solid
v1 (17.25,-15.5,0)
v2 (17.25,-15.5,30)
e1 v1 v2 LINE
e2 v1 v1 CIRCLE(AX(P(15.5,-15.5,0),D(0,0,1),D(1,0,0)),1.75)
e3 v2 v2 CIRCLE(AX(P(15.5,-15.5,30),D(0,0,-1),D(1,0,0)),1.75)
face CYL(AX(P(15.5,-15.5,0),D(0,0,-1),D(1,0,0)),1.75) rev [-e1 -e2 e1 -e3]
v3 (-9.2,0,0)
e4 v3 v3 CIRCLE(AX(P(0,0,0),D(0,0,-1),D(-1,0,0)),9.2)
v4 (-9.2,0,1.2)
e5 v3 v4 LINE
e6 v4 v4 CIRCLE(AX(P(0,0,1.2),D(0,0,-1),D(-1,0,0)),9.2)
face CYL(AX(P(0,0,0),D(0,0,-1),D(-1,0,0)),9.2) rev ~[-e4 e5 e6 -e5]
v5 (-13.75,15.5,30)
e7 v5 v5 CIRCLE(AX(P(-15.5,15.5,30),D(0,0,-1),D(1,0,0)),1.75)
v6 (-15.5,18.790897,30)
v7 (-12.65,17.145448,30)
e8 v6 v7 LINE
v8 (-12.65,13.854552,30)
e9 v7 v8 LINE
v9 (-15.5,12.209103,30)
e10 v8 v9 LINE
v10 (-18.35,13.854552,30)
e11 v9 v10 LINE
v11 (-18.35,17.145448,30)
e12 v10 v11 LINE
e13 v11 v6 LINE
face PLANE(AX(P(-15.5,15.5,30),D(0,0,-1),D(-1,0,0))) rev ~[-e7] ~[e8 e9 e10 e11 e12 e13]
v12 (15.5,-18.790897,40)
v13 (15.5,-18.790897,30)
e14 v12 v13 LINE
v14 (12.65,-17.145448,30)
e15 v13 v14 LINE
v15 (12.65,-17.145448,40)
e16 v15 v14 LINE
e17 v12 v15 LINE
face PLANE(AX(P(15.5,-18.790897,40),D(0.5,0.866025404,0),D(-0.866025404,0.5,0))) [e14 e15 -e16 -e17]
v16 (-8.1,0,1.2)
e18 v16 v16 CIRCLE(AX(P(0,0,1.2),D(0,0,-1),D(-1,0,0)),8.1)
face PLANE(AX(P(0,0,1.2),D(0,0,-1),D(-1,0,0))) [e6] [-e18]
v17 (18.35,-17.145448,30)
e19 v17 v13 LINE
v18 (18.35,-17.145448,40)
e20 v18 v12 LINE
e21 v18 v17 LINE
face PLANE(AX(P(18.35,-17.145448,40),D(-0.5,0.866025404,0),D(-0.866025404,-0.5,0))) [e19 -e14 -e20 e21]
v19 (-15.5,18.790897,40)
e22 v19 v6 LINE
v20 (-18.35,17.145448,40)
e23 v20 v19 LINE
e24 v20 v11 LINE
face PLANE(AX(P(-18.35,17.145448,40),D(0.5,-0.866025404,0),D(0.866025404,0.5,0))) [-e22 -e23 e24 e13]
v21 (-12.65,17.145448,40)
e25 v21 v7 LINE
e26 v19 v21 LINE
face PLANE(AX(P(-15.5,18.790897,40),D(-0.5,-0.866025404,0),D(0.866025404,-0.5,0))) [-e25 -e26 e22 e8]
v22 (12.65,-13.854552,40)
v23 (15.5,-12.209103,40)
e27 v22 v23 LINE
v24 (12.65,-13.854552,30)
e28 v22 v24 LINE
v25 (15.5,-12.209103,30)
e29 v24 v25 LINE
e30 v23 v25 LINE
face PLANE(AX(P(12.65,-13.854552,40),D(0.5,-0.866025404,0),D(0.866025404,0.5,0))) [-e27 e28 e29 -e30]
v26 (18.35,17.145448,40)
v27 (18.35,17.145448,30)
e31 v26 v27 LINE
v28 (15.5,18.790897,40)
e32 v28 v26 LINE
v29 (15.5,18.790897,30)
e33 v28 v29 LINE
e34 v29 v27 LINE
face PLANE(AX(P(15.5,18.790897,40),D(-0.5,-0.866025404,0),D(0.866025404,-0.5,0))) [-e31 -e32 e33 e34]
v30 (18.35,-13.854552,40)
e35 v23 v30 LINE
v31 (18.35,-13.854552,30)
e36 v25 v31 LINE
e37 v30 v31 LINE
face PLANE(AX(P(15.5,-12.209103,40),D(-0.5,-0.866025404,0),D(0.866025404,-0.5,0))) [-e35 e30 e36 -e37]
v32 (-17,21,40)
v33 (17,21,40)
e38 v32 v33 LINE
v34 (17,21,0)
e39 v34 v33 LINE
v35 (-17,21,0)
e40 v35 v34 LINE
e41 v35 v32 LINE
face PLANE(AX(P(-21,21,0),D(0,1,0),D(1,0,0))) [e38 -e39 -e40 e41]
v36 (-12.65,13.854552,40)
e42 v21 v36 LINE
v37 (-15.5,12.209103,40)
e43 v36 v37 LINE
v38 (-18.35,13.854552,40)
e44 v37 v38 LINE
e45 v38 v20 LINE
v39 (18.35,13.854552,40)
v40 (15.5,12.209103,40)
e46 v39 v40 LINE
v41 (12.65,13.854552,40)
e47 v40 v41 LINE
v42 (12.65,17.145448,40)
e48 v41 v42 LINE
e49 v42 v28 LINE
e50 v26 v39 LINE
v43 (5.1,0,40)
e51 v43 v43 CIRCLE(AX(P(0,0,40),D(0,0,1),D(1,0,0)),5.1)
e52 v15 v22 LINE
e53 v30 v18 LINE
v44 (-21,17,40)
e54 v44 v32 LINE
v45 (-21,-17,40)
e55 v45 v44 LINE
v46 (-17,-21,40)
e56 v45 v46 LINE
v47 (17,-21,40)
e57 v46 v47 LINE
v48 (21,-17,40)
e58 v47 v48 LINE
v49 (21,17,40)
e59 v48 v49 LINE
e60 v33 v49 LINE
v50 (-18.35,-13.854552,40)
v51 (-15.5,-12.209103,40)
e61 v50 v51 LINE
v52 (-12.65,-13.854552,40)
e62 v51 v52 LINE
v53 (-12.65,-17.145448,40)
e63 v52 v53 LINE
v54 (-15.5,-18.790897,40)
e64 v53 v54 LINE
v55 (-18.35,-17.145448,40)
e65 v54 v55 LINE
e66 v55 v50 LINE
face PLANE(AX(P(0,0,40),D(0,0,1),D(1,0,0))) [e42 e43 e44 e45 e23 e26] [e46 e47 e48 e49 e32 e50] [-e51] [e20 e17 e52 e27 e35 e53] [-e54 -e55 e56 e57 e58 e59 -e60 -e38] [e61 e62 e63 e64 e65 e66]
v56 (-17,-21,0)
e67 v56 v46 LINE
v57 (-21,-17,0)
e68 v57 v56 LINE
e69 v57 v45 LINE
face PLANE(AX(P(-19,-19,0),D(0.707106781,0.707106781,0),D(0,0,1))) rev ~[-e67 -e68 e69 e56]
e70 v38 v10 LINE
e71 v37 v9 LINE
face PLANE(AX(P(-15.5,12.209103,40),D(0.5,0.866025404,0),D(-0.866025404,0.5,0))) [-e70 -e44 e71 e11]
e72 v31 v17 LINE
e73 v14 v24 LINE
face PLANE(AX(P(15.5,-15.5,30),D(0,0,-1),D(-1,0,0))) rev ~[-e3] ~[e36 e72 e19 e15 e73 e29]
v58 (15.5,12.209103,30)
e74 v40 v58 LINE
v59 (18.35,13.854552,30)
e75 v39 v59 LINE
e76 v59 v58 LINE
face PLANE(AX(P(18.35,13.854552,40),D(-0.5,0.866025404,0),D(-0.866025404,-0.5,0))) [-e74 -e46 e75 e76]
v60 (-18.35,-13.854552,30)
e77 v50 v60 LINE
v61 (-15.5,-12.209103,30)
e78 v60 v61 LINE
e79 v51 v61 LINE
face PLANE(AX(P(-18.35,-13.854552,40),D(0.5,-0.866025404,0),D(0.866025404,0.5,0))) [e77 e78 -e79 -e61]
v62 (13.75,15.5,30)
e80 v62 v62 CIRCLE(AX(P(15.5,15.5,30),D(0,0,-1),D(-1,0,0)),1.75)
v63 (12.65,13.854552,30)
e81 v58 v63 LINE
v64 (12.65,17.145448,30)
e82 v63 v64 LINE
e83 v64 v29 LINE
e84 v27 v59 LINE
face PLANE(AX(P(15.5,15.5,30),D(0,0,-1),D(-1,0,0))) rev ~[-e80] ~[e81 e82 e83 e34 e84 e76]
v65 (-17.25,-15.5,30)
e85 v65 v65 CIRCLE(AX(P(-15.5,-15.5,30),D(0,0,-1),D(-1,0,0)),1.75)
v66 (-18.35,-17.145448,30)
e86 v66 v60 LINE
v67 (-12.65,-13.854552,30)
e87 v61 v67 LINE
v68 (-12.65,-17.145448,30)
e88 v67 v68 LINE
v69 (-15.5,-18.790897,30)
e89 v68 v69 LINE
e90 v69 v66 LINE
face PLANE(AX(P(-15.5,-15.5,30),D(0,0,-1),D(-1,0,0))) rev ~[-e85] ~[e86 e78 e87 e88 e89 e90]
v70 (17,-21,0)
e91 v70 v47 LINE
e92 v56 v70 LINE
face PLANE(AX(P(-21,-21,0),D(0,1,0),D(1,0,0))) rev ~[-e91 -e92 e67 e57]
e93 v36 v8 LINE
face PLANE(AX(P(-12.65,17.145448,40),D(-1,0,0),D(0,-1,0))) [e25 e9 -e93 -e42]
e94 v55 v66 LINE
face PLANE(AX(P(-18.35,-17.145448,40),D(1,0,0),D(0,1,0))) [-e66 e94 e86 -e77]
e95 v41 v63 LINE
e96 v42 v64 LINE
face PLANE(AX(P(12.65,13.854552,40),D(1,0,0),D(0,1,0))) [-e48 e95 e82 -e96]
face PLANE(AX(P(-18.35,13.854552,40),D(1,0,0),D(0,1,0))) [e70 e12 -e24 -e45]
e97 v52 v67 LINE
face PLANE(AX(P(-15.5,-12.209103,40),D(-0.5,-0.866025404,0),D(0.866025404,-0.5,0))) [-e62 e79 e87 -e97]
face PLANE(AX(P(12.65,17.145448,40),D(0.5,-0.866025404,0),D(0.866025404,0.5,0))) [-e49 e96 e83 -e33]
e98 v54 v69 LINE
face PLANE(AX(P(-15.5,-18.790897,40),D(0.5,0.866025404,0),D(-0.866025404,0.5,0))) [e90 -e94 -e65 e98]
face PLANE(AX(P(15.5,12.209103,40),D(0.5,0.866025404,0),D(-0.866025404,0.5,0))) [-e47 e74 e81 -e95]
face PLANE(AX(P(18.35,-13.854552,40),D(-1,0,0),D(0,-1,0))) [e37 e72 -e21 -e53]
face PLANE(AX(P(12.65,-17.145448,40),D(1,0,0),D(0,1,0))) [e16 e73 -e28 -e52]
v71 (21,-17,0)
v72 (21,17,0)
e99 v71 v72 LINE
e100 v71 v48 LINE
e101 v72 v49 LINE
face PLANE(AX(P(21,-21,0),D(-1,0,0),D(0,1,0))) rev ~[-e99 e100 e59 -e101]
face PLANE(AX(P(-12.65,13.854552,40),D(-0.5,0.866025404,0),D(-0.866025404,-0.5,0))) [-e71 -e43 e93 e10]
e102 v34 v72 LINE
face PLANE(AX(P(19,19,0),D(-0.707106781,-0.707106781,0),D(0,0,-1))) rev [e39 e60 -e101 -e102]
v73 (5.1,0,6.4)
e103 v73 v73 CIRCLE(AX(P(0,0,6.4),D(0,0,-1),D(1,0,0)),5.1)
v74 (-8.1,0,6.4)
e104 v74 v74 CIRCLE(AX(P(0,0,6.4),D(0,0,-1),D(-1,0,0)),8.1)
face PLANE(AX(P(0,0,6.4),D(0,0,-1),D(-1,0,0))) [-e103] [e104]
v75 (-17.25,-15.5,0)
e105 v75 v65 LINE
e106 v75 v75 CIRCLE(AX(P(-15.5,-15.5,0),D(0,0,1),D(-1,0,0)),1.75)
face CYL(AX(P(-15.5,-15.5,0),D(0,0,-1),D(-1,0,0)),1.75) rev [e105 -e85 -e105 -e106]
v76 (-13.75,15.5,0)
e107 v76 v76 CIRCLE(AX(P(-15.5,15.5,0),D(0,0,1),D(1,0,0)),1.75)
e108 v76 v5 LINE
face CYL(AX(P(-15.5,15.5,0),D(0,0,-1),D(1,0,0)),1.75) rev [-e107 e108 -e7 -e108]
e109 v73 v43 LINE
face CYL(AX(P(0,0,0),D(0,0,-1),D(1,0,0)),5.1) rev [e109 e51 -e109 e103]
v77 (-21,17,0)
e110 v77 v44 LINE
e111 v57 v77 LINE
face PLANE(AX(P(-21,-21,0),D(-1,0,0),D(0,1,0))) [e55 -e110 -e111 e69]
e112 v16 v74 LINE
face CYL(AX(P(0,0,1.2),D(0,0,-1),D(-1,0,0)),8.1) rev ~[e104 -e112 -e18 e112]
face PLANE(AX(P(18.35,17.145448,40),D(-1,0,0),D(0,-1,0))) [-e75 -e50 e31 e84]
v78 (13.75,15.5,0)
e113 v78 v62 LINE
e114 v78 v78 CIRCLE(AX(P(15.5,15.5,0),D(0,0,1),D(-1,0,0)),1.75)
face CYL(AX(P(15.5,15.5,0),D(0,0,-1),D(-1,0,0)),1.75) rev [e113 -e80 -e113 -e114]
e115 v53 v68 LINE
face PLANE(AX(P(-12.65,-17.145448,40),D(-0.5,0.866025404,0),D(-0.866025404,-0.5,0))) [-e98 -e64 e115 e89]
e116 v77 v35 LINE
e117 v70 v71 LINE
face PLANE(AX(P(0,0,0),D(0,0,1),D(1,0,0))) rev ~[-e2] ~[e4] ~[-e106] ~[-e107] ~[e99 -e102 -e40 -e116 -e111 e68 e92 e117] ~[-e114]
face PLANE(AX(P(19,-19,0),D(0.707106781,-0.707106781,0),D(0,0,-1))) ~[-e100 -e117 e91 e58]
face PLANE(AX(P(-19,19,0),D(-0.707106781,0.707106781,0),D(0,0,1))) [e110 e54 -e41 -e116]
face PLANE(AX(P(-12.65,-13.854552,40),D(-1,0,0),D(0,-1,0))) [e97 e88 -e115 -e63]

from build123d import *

# Parameters (mm, degrees)
SKETCH_1_W          = 42
SKETCH_1_H          = 42
SKETCH_1_R          = 5.1
SKETCH_1_R_2        = 1.75
EXTRUDE_1_DEPTH     = 40
CHAMFER_1_SIZE      = 4
CUT_EXTRUDE_2_DEPTH = 10
SKETCH_6_R          = 9.2
CUT_EXTRUDE_3_DEPTH = 1.2
SKETCH_7_R          = 8.1
CUT_EXTRUDE_4_DEPTH = 5.2


with BuildPart() as part:
    # 草圖1 → 填料-伸長1 (new body)
    with BuildSketch(Plane.XY):
        Rectangle(SKETCH_1_W, SKETCH_1_H)
        Circle(SKETCH_1_R, mode=Mode.SUBTRACT)
        with Locations((-15.5, 15.5)):
            Circle(SKETCH_1_R_2, mode=Mode.SUBTRACT)
        with Locations(Location((15.5, 15.5, 0), (0, 0, 180))):
            Circle(SKETCH_1_R_2, mode=Mode.SUBTRACT)
        with Locations((15.5, -15.5)):
            Circle(SKETCH_1_R_2, mode=Mode.SUBTRACT)
        with Locations(Location((-15.5, -15.5, 0), (0, 0, 180))):
            Circle(SKETCH_1_R_2, mode=Mode.SUBTRACT)
    extrude(amount=EXTRUDE_1_DEPTH)

    # 導角1
    chamfer_1_edges = [part.edges().sort_by_distance(p)[0] for p in [
        (-21, 21, 20),
        (21, 21, 20),
        (21, -21, 20),
        (-21, -21, 20),
    ]]
    chamfer(chamfer_1_edges, length=CHAMFER_1_SIZE)

    # 草圖5 → 除料-伸長2 (cut)
    with BuildSketch(Plane(origin=(0, 0, 40), x_dir=(-1, 0, 0), z_dir=(0, 0, -1))):
        Polygon((15.5, -12.209103466), (12.65, -13.854551733), (12.65, -17.145448267), (15.5, -18.790896534), (18.35, -17.145448267), (18.35, -13.854551733), align=None)
        Polygon((-15.5, -12.209103466), (-18.35, -13.854551733), (-18.35, -17.145448267), (-15.5, -18.790896534), (-12.65, -17.145448267), (-12.65, -13.854551733), align=None)
        Polygon((-15.5, 12.209103466), (-12.65, 13.854551733), (-12.65, 17.145448267), (-15.5, 18.790896534), (-18.35, 17.145448267), (-18.35, 13.854551733), align=None)
        Polygon((15.5, 12.209103466), (18.35, 13.854551733), (18.35, 17.145448267), (15.5, 18.790896534), (12.65, 17.145448267), (12.65, 13.854551733), align=None)
    extrude(amount=CUT_EXTRUDE_2_DEPTH, mode=Mode.SUBTRACT)

    # 草圖6 → 除料-伸長3 (cut)
    with BuildSketch(Plane(origin=(0, 0, 0), x_dir=(-1, 0, 0), z_dir=(0, 0, -1))):
        Circle(SKETCH_6_R)
    extrude(amount=-CUT_EXTRUDE_3_DEPTH, mode=Mode.SUBTRACT)

    # 草圖7 → 除料-伸長4 (cut)
    with BuildSketch(Plane(origin=(0, 0, 1.2), x_dir=(-1, 0, 0), z_dir=(0, 0, -1))):
        Circle(SKETCH_7_R)
    extrude(amount=-CUT_EXTRUDE_4_DEPTH, mode=Mode.SUBTRACT)


solid = part.part
